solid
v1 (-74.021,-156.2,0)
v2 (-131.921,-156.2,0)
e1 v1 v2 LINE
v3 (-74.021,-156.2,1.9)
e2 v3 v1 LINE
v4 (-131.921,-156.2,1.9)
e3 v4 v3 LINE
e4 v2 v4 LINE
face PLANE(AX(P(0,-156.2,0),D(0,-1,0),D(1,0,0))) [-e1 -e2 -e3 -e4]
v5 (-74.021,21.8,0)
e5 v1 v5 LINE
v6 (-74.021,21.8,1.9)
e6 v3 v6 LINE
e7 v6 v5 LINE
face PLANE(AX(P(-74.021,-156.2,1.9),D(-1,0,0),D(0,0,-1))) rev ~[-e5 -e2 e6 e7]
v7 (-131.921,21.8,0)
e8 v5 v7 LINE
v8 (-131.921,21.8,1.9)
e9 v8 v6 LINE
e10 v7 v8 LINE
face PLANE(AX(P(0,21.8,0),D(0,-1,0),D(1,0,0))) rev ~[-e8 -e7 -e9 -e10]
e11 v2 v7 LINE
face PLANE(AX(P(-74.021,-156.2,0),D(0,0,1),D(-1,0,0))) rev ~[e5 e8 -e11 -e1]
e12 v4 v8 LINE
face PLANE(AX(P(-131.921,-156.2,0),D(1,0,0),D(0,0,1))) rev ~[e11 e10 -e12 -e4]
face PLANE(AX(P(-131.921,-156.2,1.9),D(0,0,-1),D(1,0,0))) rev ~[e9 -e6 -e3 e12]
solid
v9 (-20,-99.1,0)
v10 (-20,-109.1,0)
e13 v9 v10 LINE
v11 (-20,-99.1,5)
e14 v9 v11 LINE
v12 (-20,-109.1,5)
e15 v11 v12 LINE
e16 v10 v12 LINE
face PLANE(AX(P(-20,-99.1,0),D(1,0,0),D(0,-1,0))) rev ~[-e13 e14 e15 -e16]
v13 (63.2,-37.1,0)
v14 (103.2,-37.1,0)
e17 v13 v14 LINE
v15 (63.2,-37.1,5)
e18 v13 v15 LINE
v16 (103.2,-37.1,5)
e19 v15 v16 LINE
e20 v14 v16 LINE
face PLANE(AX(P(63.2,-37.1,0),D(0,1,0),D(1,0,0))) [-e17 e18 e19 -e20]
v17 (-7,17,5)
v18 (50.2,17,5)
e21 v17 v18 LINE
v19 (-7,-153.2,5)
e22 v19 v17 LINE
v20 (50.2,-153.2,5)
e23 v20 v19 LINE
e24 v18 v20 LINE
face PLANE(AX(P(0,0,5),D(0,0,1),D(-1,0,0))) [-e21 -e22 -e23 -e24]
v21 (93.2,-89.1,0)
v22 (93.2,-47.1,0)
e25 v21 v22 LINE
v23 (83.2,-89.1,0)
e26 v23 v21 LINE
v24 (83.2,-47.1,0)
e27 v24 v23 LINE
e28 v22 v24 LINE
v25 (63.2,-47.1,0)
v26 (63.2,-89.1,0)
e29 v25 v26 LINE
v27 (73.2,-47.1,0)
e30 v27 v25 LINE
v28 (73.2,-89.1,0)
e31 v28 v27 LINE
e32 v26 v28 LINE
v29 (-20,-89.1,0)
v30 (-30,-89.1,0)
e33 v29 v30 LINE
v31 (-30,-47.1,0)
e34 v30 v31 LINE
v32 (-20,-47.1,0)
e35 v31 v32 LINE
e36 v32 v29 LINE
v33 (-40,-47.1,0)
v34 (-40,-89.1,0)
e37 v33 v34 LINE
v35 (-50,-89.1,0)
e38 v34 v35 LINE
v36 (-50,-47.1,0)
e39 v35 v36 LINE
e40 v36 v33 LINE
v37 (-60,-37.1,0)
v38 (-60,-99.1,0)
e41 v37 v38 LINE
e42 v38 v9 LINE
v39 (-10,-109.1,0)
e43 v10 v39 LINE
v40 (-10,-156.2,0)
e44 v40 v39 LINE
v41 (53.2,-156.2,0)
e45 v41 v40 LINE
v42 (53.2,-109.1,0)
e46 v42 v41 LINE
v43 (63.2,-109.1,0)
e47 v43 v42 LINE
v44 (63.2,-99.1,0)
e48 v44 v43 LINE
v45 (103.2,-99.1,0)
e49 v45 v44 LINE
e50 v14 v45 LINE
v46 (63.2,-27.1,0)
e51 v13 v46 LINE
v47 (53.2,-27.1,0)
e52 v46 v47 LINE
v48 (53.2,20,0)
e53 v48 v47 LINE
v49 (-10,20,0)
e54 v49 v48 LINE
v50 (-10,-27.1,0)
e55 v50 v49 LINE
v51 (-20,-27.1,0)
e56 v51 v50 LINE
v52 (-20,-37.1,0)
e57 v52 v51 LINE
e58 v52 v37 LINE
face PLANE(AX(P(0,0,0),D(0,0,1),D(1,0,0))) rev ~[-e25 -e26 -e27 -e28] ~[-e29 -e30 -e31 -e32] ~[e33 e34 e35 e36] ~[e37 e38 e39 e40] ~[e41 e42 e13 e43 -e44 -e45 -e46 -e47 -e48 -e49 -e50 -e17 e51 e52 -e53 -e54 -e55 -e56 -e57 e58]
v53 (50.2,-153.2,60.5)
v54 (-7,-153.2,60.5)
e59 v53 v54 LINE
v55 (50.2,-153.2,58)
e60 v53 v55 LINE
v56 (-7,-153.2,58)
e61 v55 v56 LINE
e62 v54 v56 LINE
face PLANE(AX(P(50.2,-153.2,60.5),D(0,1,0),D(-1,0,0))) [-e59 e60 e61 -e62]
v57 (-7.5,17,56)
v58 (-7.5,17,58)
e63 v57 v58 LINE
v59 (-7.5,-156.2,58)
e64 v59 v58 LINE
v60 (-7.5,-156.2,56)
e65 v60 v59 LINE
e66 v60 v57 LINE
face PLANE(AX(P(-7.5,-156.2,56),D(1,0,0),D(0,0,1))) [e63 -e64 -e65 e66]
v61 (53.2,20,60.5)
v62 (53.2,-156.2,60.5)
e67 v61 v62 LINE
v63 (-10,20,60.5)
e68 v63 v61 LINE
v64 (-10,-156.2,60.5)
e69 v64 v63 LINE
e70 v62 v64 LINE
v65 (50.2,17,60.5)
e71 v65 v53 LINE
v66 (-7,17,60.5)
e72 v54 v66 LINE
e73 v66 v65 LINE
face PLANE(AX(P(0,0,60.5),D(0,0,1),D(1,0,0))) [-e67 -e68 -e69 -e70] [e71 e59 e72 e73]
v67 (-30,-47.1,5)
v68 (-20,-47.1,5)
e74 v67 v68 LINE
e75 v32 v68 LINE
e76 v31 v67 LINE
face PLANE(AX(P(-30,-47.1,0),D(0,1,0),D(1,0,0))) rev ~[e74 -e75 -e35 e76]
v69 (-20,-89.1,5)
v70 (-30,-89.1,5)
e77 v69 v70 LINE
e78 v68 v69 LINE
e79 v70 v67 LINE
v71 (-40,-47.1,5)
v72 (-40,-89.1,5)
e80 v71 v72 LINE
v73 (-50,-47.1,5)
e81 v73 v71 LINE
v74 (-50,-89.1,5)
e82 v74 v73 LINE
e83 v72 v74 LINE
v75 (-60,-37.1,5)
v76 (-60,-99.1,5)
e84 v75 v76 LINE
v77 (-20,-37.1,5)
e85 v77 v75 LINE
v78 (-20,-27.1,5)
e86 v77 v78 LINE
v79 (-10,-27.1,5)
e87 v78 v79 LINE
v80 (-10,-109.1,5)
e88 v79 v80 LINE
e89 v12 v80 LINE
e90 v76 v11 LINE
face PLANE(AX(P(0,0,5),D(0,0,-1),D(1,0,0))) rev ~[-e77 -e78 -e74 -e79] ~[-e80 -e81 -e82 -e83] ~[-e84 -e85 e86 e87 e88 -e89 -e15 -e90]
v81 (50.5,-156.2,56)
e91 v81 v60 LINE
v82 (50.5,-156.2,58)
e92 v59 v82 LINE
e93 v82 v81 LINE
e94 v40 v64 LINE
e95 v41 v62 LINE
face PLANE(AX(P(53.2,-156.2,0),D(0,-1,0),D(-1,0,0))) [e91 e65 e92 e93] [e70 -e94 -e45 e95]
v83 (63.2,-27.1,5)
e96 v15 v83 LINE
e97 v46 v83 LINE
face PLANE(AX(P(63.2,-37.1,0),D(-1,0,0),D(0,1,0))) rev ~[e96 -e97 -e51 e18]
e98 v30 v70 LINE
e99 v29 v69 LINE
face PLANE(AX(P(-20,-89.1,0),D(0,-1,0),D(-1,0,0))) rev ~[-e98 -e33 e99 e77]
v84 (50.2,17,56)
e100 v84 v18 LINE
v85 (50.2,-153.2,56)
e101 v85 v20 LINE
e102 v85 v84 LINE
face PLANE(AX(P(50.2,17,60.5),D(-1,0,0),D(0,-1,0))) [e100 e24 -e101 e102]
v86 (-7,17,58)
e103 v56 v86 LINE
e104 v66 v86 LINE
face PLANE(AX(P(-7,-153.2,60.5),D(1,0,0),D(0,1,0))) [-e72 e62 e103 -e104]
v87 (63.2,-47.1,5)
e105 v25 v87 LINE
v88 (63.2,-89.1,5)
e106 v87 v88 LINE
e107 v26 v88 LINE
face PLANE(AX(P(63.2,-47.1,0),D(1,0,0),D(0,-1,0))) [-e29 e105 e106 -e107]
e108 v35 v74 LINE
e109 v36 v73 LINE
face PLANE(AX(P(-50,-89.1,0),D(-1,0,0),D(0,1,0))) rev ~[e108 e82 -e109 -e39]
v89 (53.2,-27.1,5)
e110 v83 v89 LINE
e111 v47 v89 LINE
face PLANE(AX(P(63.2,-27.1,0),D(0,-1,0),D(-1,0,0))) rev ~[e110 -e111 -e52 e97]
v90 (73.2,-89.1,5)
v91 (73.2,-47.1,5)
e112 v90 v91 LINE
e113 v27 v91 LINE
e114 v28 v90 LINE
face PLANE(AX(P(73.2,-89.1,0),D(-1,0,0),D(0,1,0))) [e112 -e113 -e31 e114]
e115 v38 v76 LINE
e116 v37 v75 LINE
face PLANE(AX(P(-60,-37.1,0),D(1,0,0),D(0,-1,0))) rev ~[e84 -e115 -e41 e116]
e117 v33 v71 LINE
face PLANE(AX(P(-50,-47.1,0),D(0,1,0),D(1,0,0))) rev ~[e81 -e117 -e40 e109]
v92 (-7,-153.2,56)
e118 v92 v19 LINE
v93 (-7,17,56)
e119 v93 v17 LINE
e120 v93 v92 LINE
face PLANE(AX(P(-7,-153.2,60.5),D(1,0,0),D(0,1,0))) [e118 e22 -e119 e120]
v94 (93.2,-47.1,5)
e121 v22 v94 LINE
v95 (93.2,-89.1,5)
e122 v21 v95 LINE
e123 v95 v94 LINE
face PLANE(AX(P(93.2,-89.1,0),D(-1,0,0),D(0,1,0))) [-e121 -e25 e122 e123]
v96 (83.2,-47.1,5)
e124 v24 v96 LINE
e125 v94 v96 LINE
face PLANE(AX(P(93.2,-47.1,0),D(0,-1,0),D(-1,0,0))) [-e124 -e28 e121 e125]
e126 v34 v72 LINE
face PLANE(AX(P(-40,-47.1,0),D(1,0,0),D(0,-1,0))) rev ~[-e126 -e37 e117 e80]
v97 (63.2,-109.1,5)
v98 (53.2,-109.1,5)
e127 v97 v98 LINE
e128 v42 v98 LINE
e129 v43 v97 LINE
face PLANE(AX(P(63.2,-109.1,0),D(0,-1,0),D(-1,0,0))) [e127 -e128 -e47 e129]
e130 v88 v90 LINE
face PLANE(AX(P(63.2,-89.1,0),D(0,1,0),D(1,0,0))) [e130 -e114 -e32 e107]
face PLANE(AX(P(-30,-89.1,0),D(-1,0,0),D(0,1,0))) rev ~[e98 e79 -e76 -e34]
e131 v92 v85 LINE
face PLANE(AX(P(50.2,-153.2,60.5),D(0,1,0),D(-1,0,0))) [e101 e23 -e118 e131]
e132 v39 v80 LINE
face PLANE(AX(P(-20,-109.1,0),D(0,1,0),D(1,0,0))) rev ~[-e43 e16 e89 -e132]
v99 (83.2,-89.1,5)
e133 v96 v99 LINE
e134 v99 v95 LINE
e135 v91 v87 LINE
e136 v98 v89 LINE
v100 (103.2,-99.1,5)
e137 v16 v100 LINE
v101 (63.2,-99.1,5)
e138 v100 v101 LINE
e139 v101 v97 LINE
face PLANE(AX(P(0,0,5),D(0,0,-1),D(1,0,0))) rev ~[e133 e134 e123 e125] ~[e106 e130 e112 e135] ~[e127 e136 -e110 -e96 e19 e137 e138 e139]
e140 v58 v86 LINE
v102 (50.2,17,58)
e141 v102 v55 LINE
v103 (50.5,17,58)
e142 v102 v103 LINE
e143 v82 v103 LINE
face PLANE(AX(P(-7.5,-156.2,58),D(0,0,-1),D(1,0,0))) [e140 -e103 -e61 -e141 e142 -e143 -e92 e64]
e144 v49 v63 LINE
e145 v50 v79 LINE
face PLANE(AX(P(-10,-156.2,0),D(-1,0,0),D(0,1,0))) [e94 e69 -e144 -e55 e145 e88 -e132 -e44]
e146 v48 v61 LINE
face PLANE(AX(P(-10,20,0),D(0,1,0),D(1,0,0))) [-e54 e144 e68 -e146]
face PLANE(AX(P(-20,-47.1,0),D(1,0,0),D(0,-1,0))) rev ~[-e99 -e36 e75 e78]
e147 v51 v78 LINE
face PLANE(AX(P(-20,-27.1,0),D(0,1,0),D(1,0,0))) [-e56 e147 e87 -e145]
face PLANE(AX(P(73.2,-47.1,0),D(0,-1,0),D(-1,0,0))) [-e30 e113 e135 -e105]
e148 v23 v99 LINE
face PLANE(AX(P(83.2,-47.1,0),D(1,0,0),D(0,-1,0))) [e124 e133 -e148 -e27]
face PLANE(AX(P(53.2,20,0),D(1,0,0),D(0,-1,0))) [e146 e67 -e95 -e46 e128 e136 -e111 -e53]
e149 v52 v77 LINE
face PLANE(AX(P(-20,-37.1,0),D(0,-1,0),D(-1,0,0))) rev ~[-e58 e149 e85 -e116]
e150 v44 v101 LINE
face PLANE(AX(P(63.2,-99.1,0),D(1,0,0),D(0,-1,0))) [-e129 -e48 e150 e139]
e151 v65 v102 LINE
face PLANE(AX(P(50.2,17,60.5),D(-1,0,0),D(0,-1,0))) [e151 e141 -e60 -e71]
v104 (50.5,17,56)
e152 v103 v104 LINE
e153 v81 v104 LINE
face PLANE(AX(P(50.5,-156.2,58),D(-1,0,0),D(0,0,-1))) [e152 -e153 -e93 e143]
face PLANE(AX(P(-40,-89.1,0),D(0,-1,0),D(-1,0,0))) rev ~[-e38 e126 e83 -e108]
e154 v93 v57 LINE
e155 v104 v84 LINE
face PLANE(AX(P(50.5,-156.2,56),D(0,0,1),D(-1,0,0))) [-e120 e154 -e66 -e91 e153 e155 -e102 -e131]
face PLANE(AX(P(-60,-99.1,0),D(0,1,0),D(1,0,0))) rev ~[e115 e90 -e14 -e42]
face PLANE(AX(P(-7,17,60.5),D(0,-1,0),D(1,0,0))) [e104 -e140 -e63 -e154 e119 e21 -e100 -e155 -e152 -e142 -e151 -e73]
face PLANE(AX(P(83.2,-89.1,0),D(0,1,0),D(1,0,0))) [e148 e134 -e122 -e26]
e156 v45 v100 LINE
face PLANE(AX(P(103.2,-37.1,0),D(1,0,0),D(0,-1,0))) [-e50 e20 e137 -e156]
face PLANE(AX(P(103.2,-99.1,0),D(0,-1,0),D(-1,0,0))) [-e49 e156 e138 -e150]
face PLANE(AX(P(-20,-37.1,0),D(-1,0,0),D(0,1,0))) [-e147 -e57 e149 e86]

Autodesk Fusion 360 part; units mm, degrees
sketch "Sketch1" plane through (0, 0, 0) normal (0, 0, 1) x (1, 0, 0)
  line L0 (-10, 20) -> (53.2, 20)
  line L1 (53.2, 20) -> (53.2, -156.2)
  line L2 (53.2, -156.2) -> (-10, -156.2)
  line L3 (-10, -156.2) -> (-10, 20)
  dimension "d1" = 63.2
  dimension "d2" = 176.2
extrude "Extrude1" add sketch "Sketch1" along normal blind 60.5 makes body 1
sketch "Sketch2" plane through (0, 0, 60.5) normal (0, 0, 1) x (-1, 0, 0)
  line L0 (10, 156.2) -> (-53.2, 156.2)
  line L1 (-53.2, 156.2) -> (-53.2, -20)
  line L2 (-53.2, -20) -> (10, -20)
  line L3 (10, -20) -> (10, 156.2)
  line L4 (7, -17) -> (-50.2, -17)
  line L5 (-50.2, -17) -> (-50.2, 153.2)
  line L6 (-50.2, 153.2) -> (7, 153.2)
  line L7 (7, 153.2) -> (7, -17)
  dimension "d10" = 57.2
  dimension "d11" = 170.2
  dimension "d12" = 3
  dimension "d13" = 3
extrude "Extrude3" cut sketch "Sketch2" against normal blind 55.5 contours L4 L5 L6 L7 bodies 1
sketch "Sketch4" plane through (0, -156.2, 0) normal (0, -1, 0) x (1, 0, 0)
  line L0 (-10, 0) -> (53.2, 0)
  line L1 (53.2, 0) -> (53.2, 60.5)
  line L2 (53.2, 60.5) -> (-10, 60.5)
  line L3 (-10, 60.5) -> (-10, 0)
  line L4 (-7.5, 58) -> (50.5, 58)
  line L5 (50.5, 58) -> (50.5, 56)
  line L6 (50.5, 56) -> (-7.5, 56)
  line L7 (-7.5, 56) -> (-7.5, 58)
  line L8 (50.2, 60.5) -> (-7, 60.5)
  line L9 (-131.921, 1.9) -> (-74.021, 1.9)
  line L10 (-74.021, 1.9) -> (-74.021, 0)
  line L11 (-74.021, 0) -> (-131.921, 0)
  line L12 (-131.921, 0) -> (-131.921, 1.9)
  dimension "d22" = 58
  dimension "d23" = 2
  dimension "d24" = 2.5
  dimension "d25" = 2.5
  dimension "d40" = 1.9
  dimension "d41" = 57.9
extrude "Extrude4" cut sketch "Sketch4" against normal blind 173.2 contours L4 L5 L6 L7 | L9 L10 L11 L12 bodies 1
extrude "Extrude6" add sketch "Sketch4" against normal blind 178 separate body contours L9 L10 L11 L12 makes body 2
sketch "Sketch5" plane through (0, 0, 0) normal (0, 0, -1) x (1, 0, 0)
  line L0 (53.2, 156.2) -> (-10, 156.2)
  line L1 (-10, 156.2) -> (-10, -20)
  line L2 (-10, -20) -> (53.2, -20)
  line L3 (-10, 37.1) -> (-60, 37.1)
  line L4 (-60, 37.1) -> (-60, 99.1)
  line L5 (-60, 99.1) -> (-10, 99.1)
  line L6 (-10, 99.1) -> (-10, 37.1)
  line L7 (53.2, -20) -> (-10, -20)
  line L8 (-50, 47.1) -> (-40, 47.1)
  line L9 (-40, 47.1) -> (-40, 89.1)
  line L10 (-40, 89.1) -> (-50, 89.1)
  line L11 (-50, 89.1) -> (-50, 47.1)
  line L12 (-30, 47.1) -> (-20, 47.1)
  line L13 (-20, 47.1) -> (-20, 89.1)
  line L14 (-20, 89.1) -> (-30, 89.1)
  line L15 (-30, 89.1) -> (-30, 47.1)
  line L16 (21.6, 39.3466) -> (21.6, 140)
  line L17 (-10, -20) -> (-10, 156.2)
  line L18 (83.2, 47.1) -> (83.2, 89.1)
  line L19 (73.2, 89.1) -> (73.2, 47.1)
  line L20 (73.2, 47.1) -> (63.2, 47.1)
  line L21 (53.2, 37.1) -> (103.2, 37.1)
  line L22 (83.2, 89.1) -> (93.2, 89.1)
  line L23 (63.2, 47.1) -> (63.2, 89.1)
  line L24 (53.2, 99.1) -> (53.2, 37.1)
  line L25 (63.2, 89.1) -> (73.2, 89.1)
  line L26 (103.2, 37.1) -> (103.2, 99.1)
  line L27 (93.2, 89.1) -> (93.2, 47.1)
  line L28 (103.2, 99.1) -> (53.2, 99.1)
  line L29 (93.2, 47.1) -> (83.2, 47.1)
  line L30 (-10, 37.1) -> (-20, 37.1)
  line L31 (-20, 37.1) -> (-20, 27.1)
  line L32 (-20, 27.1) -> (-10, 27.1)
  line L33 (-10, 27.1) -> (-10, 37.1)
  line L34 (-10, 99.1) -> (-20, 99.1)
  line L35 (-20, 99.1) -> (-20, 109.1)
  line L36 (-20, 109.1) -> (-10, 109.1)
  line L37 (-10, 109.1) -> (-10, 99.1)
  line L38 (83.2, 89.1) -> (93.2, 89.1)
  line L39 (63.2, 109.1) -> (53.2, 109.1)
  line L40 (53.2, 99.1) -> (63.2, 99.1)
  line L41 (83.2, 47.1) -> (83.2, 89.1)
  line L42 (53.2, 37.1) -> (103.2, 37.1)
  line L43 (63.2, 27.1) -> (53.2, 27.1)
  line L44 (93.2, 47.1) -> (83.2, 47.1)
  line L45 (73.2, 89.1) -> (73.2, 47.1)
  line L46 (63.2, 99.1) -> (63.2, 109.1)
  line L47 (53.2, 37.1) -> (63.2, 37.1)
  line L48 (73.2, 47.1) -> (63.2, 47.1)
  line L49 (103.2, 99.1) -> (53.2, 99.1)
  line L50 (53.2, 99.1) -> (53.2, 37.1)
  line L51 (53.2, 27.1) -> (53.2, 37.1)
  line L52 (63.2, 89.1) -> (73.2, 89.1)
  line L53 (63.2, 47.1) -> (63.2, 89.1)
  line L54 (93.2, 89.1) -> (93.2, 47.1)
  line L55 (53.2, 109.1) -> (53.2, 99.1)
  line L56 (63.2, 37.1) -> (63.2, 27.1)
  dimension "d28" = 57.1
  dimension "d29" = 62
  dimension "d30" = 50
  dimension "d31" = 42
  dimension "d32" = 10
  dimension "d34" = 10
  dimension "d35" = 10
  dimension "d36" = 10
  dimension "d37" = 31.6
  dimension "d44" = 10
  dimension "d45" = 10
  dimension "d46" = 10
  dimension "d47" = 10
extrude "Extrude5" add sketch "Sketch5" against normal blind 5 bodies 1
sketch "Sketch6" plane through (0, -156.2, 0) normal (0, -1, 0) x (1, 0, 0)
  line L0 (50.5, 56) -> (-7.5, 56)
  line L1 (-7.5, 56) -> (-7.5, 58)
  line L2 (-7.5, 58) -> (50.5, 58)
  line L3 (-10, 0) -> (53.2, 0)
  line L4 (53.2, 0) -> (53.2, 60.5)
  line L5 (53.2, 60.5) -> (-10, 60.5)
  line L6 (-10, 60.5) -> (-10, 0)
  line L7 (50.5, 58) -> (50.5, 56)
equation "d2 = 18.02 cm - 0.4 cm"
equation "d8 = 6.45 cm - 0.4 cm"
equation "d22 = 6.2 cm - 0.4 cm"
equation "d40 = 2 mm - 0.1 mm"
equation "d41 = 62 mm - 0.1 mm - 0.4 cm"
